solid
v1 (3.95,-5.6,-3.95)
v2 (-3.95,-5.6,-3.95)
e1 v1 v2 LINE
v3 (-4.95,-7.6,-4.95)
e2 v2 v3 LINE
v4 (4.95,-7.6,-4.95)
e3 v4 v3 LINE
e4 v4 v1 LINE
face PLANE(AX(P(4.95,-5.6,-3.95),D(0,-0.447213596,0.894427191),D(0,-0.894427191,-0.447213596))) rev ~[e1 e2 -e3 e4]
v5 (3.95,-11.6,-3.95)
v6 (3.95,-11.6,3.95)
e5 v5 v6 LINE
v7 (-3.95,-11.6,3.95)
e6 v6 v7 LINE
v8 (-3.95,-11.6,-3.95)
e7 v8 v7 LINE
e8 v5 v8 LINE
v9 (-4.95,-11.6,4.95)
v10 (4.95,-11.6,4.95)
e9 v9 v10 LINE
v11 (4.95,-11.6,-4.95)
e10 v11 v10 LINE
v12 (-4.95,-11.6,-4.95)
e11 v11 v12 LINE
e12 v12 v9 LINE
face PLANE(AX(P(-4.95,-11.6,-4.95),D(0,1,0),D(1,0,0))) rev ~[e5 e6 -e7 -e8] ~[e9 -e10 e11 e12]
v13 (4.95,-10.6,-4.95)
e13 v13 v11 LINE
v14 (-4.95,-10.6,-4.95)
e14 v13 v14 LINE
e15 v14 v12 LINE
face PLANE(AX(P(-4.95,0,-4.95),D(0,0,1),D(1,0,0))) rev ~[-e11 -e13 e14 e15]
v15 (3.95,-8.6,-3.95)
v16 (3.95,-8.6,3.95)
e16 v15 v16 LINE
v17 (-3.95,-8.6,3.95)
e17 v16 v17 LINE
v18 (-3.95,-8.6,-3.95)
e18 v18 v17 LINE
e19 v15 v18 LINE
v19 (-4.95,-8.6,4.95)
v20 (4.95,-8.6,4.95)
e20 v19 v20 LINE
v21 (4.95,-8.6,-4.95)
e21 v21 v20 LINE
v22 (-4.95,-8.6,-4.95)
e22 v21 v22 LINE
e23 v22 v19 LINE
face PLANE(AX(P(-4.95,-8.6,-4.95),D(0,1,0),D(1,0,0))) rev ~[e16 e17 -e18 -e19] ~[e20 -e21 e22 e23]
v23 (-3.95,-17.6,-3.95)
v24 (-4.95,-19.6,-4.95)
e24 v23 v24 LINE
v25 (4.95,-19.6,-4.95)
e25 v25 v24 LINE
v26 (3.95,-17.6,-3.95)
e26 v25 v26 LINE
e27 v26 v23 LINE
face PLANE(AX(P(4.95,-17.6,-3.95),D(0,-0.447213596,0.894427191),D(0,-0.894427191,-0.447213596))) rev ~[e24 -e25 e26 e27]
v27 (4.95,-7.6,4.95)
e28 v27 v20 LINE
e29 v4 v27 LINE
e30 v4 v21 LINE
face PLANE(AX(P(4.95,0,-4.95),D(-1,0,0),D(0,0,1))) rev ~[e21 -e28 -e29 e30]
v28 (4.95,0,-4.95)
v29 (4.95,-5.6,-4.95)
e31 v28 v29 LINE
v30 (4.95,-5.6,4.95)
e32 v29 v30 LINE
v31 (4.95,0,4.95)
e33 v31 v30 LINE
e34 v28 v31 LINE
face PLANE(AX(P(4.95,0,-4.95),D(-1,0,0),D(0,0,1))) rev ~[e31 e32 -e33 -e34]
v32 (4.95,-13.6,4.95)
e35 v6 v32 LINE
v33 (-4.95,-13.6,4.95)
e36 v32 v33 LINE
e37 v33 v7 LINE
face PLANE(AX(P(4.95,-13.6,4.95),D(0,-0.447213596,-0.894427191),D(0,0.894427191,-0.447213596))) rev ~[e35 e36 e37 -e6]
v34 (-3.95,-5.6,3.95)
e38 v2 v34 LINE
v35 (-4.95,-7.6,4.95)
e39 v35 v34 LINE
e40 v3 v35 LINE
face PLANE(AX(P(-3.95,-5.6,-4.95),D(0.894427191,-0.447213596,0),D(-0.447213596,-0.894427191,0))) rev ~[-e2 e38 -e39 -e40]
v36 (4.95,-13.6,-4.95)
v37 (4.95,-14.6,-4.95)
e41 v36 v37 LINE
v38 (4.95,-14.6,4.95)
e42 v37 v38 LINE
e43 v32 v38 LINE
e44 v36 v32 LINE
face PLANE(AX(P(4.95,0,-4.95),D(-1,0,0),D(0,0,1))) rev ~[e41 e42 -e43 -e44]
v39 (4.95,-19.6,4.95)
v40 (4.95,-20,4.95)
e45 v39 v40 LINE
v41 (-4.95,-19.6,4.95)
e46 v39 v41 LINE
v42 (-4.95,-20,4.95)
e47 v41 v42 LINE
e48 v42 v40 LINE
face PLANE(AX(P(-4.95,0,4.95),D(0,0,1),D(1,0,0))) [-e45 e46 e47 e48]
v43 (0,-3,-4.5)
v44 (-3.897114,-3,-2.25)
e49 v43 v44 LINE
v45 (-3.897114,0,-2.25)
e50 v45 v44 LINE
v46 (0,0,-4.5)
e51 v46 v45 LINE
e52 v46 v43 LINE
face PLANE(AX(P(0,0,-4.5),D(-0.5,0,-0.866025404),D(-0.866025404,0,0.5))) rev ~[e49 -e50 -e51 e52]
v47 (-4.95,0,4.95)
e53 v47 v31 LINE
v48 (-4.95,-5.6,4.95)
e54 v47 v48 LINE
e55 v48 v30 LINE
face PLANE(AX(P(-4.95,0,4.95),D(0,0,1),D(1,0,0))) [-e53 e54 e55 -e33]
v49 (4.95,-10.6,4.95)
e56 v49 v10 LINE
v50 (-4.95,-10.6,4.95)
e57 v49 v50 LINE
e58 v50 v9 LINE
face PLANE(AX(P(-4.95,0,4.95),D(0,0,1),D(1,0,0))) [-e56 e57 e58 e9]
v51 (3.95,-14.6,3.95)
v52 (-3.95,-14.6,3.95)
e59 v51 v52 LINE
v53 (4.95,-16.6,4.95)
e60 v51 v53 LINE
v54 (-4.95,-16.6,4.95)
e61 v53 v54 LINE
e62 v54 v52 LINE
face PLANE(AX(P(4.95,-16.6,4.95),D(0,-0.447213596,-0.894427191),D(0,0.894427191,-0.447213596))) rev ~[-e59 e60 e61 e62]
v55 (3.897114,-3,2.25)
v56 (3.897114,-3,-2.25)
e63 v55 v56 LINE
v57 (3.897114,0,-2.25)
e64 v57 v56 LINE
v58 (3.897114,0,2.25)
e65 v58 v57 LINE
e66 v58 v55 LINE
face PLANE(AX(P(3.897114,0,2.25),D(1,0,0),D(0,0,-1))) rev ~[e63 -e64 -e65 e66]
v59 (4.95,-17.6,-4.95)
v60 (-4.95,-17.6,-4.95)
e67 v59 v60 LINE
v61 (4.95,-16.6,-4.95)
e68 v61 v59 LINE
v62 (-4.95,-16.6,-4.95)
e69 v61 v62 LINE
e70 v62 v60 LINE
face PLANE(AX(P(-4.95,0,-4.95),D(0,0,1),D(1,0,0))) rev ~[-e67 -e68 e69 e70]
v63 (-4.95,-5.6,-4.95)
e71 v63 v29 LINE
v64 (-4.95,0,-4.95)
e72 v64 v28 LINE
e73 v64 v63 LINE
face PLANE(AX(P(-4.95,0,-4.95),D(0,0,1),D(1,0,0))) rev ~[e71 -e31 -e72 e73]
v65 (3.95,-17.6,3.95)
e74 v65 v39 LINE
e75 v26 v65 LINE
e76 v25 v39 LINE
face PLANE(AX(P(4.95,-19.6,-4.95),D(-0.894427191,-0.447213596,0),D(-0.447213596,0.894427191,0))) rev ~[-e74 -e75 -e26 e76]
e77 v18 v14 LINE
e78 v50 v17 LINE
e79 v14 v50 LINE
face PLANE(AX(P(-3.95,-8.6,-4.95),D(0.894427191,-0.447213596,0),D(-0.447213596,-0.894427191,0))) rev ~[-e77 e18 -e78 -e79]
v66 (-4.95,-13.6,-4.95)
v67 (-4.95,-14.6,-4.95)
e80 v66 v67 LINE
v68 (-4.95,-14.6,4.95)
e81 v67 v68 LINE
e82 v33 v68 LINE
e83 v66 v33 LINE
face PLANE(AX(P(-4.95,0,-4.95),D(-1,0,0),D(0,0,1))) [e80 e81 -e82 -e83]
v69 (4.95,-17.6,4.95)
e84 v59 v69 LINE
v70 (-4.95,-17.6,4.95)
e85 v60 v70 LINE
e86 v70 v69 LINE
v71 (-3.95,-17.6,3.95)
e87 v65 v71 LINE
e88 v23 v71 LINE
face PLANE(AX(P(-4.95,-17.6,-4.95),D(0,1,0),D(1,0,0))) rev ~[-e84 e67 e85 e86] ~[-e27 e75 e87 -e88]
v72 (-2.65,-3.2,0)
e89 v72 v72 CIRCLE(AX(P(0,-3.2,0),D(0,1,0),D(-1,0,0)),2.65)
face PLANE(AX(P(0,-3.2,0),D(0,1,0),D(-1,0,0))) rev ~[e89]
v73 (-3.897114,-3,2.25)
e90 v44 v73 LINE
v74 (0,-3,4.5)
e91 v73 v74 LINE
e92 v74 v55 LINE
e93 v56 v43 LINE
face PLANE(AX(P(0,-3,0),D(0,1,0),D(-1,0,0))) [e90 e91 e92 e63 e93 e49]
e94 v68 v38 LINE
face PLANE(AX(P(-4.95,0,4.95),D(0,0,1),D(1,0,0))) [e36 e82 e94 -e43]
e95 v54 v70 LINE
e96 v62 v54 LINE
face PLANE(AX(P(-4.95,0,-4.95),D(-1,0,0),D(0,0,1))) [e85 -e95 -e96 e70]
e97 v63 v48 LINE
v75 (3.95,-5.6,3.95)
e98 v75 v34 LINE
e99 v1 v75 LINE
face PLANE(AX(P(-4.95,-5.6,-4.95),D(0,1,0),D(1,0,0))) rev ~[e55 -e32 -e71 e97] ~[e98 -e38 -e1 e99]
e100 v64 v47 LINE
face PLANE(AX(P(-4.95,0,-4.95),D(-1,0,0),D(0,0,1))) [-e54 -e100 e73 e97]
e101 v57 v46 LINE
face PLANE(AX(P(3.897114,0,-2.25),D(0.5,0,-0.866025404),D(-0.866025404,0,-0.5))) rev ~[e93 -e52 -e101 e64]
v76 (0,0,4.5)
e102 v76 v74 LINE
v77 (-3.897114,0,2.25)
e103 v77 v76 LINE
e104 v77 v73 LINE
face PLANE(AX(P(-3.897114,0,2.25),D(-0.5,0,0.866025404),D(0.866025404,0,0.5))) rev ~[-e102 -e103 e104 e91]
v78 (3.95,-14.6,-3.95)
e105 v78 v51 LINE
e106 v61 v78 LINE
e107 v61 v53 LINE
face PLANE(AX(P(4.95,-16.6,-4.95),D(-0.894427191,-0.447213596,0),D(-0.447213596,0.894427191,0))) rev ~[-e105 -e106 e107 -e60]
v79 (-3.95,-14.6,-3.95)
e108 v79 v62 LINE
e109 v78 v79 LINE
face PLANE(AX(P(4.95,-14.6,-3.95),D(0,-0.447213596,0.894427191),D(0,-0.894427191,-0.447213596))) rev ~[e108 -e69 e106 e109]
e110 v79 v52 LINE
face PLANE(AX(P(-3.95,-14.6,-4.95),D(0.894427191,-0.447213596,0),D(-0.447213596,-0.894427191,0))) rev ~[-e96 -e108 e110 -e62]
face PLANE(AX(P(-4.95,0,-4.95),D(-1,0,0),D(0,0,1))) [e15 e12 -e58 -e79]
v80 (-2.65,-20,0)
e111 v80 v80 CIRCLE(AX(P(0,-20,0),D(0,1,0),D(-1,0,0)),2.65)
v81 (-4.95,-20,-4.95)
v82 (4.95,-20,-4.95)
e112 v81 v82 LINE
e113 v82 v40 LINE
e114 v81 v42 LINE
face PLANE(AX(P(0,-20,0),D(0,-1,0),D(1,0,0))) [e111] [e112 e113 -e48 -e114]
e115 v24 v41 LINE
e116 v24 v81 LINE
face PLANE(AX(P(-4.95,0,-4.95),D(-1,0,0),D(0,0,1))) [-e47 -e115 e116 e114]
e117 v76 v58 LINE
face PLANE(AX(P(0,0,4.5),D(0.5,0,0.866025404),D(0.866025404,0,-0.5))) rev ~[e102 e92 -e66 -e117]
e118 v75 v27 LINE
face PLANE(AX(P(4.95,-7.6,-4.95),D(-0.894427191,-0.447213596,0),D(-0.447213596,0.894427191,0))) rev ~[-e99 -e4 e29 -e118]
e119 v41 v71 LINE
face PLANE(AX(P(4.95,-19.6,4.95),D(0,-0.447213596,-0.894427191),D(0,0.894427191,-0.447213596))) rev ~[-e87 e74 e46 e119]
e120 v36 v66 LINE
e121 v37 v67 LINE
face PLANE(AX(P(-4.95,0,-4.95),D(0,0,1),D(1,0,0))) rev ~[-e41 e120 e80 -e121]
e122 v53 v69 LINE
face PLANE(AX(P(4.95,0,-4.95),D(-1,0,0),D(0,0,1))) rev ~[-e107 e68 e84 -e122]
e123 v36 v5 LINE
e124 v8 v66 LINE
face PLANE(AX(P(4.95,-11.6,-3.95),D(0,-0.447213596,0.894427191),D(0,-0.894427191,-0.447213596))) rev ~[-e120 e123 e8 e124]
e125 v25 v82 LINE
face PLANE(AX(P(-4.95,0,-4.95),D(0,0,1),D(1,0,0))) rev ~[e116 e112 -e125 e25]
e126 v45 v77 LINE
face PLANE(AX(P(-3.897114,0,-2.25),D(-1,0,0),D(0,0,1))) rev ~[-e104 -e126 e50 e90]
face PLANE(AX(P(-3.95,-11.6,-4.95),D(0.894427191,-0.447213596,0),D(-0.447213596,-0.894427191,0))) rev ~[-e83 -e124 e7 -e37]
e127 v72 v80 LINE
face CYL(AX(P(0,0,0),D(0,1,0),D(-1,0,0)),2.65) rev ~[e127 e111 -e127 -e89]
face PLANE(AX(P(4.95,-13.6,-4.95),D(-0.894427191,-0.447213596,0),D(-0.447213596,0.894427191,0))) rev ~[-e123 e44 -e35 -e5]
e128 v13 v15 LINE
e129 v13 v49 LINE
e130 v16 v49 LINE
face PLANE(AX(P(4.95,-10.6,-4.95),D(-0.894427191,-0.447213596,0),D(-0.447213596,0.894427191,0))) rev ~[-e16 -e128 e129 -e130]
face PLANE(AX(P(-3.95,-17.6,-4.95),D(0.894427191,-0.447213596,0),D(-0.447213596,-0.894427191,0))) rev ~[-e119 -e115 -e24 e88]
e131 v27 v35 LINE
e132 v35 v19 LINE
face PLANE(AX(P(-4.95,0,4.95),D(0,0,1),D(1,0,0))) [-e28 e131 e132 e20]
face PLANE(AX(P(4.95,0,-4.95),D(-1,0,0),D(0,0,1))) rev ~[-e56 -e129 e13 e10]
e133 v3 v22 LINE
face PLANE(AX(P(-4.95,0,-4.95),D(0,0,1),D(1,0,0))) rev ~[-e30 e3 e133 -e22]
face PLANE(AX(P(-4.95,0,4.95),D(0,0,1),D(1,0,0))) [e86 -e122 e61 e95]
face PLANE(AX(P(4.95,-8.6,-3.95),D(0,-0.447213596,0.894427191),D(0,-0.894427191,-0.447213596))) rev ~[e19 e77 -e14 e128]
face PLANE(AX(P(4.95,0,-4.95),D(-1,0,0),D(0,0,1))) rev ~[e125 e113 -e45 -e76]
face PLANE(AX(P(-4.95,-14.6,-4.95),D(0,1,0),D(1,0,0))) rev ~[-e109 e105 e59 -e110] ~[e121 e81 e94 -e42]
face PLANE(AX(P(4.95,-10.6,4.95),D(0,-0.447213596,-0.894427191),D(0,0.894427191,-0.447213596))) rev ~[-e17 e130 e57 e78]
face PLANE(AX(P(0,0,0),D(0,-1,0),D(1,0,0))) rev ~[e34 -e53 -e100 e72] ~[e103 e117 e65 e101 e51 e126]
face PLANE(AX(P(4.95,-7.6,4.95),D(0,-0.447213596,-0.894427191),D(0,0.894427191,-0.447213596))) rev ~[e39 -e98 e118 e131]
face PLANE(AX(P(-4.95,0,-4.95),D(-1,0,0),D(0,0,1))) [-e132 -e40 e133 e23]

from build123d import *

# Parameters (mm, degrees)
F0_W      = 9.9
F0_H      = 9.9
F1_DEPTH  = 20
F3_DEPTH  = 9.901
F5_DEPTH  = 9.901
F6_R      = 2.65
F7_DEPTH  = 20.001
F9_DEPTH  = 3
F10_START = -3
F10_DEPTH = 0.2


with BuildPart() as f1:
    # F0 (on Front) → F1 (new body)
    with BuildSketch(Plane.XZ):
        Rectangle(F0_W, F0_H)
    extrude(amount=F1_DEPTH)

    # F2 (on face) → F3 (cut, through all)
    with BuildSketch(Plane(origin=(0, 0, -4.95), x_dir=(1, 0, 0), z_dir=(0, 0, -1))):
        Polygon((-4.95, 7.6), (-4.95, 5.6), (-3.95, 5.6), align=None)
        Polygon((-4.95, 10.6), (-4.95, 8.6), (-3.95, 8.6), align=None)
        Polygon((-4.95, 13.6), (-4.95, 11.6), (-3.95, 11.6), align=None)
        Polygon((-4.95, 16.6), (-4.95, 14.6), (-3.95, 14.6), align=None)
        Polygon((-3.95, 17.6), (-4.95, 19.6), (-4.95, 17.6), align=None)
        Polygon((4.95, 5.6), (4.95, 7.6), (3.95, 5.6), align=None)
        Polygon((3.95, 8.6), (4.95, 8.6), (4.95, 10.6), align=None)
        Polygon((3.95, 11.6), (4.95, 11.6), (4.95, 13.6), align=None)
        Polygon((3.95, 14.6), (4.95, 14.6), (4.95, 16.6), align=None)
        Polygon((3.95, 17.6), (4.95, 17.6), (4.95, 19.6), align=None)
    extrude(amount=-F3_DEPTH, mode=Mode.SUBTRACT)

    # F4 (on face) → F5 (cut, through all)
    with BuildSketch(Plane.YZ.offset(4.95)):
        Polygon((10.1219329327, 0.5148088664), (10.1219329327, 2.5148088664), (9.1219329327, 0.5148088664), align=None)
        Polygon((-5.6, 3.95), (-5.6, 4.95), (-7.6, 4.95), align=None)
        Polygon((-8.6, 4.95), (-10.6, 4.95), (-8.6, 3.95), align=None)
        Polygon((-11.6, 4.95), (-13.6, 4.95), (-11.6, 3.95), align=None)
        Polygon((-14.6, 4.95), (-16.6, 4.95), (-14.6, 3.95), align=None)
        Polygon((-10.6, -4.95), (-8.6, -4.95), (-8.6, -3.95), align=None)
        Polygon((-16.6, -4.95), (-14.6, -4.95), (-14.6, -3.95), align=None)
        Polygon((-7.6, -4.95), (-5.6, -4.95), (-5.6, -3.95), align=None)
        Polygon((-13.6, -4.95), (-11.6, -4.95), (-11.6, -3.95), align=None)
        Polygon((-17.6, 4.95), (-19.6, 4.95), (-17.6, 3.95), align=None)
        Polygon((-17.6, -4.95), (-17.6, -3.95), (-19.6, -4.95), align=None)
    extrude(amount=-F5_DEPTH, mode=Mode.SUBTRACT)

    # F6 (on face) → F7 (cut, through all)
    with BuildSketch(Plane(origin=(0, 0, 0), x_dir=(-1, 0, 0), z_dir=(0, 1, 0))):
        Circle(F6_R)
    extrude(amount=-F7_DEPTH, mode=Mode.SUBTRACT)

    # F8 (on face) → F9 (cut)
    with BuildSketch(Plane(origin=(0, 0, 0), x_dir=(-1, 0, 0), z_dir=(0, 1, 0))):
        Polygon((0, -4.5), (3.897114317, -2.25), (3.897114317, 2.25), (0, 4.5), (-3.897114317, 2.25), (-3.897114317, -2.25), align=None)
    extrude(amount=-F9_DEPTH, mode=Mode.SUBTRACT)

    # F8 (on face) → F10 (join)
    with BuildSketch(Plane(origin=(0, 0, 0), x_dir=(-1, 0, 0), z_dir=(0, 1, 0)).offset(F10_START)):
        Polygon((0, -4.5), (3.897114317, -2.25), (3.897114317, 2.25), (0, 4.5), (-3.897114317, 2.25), (-3.897114317, -2.25), align=None)
    extrude(amount=-F10_DEPTH)


solid = f1.part
